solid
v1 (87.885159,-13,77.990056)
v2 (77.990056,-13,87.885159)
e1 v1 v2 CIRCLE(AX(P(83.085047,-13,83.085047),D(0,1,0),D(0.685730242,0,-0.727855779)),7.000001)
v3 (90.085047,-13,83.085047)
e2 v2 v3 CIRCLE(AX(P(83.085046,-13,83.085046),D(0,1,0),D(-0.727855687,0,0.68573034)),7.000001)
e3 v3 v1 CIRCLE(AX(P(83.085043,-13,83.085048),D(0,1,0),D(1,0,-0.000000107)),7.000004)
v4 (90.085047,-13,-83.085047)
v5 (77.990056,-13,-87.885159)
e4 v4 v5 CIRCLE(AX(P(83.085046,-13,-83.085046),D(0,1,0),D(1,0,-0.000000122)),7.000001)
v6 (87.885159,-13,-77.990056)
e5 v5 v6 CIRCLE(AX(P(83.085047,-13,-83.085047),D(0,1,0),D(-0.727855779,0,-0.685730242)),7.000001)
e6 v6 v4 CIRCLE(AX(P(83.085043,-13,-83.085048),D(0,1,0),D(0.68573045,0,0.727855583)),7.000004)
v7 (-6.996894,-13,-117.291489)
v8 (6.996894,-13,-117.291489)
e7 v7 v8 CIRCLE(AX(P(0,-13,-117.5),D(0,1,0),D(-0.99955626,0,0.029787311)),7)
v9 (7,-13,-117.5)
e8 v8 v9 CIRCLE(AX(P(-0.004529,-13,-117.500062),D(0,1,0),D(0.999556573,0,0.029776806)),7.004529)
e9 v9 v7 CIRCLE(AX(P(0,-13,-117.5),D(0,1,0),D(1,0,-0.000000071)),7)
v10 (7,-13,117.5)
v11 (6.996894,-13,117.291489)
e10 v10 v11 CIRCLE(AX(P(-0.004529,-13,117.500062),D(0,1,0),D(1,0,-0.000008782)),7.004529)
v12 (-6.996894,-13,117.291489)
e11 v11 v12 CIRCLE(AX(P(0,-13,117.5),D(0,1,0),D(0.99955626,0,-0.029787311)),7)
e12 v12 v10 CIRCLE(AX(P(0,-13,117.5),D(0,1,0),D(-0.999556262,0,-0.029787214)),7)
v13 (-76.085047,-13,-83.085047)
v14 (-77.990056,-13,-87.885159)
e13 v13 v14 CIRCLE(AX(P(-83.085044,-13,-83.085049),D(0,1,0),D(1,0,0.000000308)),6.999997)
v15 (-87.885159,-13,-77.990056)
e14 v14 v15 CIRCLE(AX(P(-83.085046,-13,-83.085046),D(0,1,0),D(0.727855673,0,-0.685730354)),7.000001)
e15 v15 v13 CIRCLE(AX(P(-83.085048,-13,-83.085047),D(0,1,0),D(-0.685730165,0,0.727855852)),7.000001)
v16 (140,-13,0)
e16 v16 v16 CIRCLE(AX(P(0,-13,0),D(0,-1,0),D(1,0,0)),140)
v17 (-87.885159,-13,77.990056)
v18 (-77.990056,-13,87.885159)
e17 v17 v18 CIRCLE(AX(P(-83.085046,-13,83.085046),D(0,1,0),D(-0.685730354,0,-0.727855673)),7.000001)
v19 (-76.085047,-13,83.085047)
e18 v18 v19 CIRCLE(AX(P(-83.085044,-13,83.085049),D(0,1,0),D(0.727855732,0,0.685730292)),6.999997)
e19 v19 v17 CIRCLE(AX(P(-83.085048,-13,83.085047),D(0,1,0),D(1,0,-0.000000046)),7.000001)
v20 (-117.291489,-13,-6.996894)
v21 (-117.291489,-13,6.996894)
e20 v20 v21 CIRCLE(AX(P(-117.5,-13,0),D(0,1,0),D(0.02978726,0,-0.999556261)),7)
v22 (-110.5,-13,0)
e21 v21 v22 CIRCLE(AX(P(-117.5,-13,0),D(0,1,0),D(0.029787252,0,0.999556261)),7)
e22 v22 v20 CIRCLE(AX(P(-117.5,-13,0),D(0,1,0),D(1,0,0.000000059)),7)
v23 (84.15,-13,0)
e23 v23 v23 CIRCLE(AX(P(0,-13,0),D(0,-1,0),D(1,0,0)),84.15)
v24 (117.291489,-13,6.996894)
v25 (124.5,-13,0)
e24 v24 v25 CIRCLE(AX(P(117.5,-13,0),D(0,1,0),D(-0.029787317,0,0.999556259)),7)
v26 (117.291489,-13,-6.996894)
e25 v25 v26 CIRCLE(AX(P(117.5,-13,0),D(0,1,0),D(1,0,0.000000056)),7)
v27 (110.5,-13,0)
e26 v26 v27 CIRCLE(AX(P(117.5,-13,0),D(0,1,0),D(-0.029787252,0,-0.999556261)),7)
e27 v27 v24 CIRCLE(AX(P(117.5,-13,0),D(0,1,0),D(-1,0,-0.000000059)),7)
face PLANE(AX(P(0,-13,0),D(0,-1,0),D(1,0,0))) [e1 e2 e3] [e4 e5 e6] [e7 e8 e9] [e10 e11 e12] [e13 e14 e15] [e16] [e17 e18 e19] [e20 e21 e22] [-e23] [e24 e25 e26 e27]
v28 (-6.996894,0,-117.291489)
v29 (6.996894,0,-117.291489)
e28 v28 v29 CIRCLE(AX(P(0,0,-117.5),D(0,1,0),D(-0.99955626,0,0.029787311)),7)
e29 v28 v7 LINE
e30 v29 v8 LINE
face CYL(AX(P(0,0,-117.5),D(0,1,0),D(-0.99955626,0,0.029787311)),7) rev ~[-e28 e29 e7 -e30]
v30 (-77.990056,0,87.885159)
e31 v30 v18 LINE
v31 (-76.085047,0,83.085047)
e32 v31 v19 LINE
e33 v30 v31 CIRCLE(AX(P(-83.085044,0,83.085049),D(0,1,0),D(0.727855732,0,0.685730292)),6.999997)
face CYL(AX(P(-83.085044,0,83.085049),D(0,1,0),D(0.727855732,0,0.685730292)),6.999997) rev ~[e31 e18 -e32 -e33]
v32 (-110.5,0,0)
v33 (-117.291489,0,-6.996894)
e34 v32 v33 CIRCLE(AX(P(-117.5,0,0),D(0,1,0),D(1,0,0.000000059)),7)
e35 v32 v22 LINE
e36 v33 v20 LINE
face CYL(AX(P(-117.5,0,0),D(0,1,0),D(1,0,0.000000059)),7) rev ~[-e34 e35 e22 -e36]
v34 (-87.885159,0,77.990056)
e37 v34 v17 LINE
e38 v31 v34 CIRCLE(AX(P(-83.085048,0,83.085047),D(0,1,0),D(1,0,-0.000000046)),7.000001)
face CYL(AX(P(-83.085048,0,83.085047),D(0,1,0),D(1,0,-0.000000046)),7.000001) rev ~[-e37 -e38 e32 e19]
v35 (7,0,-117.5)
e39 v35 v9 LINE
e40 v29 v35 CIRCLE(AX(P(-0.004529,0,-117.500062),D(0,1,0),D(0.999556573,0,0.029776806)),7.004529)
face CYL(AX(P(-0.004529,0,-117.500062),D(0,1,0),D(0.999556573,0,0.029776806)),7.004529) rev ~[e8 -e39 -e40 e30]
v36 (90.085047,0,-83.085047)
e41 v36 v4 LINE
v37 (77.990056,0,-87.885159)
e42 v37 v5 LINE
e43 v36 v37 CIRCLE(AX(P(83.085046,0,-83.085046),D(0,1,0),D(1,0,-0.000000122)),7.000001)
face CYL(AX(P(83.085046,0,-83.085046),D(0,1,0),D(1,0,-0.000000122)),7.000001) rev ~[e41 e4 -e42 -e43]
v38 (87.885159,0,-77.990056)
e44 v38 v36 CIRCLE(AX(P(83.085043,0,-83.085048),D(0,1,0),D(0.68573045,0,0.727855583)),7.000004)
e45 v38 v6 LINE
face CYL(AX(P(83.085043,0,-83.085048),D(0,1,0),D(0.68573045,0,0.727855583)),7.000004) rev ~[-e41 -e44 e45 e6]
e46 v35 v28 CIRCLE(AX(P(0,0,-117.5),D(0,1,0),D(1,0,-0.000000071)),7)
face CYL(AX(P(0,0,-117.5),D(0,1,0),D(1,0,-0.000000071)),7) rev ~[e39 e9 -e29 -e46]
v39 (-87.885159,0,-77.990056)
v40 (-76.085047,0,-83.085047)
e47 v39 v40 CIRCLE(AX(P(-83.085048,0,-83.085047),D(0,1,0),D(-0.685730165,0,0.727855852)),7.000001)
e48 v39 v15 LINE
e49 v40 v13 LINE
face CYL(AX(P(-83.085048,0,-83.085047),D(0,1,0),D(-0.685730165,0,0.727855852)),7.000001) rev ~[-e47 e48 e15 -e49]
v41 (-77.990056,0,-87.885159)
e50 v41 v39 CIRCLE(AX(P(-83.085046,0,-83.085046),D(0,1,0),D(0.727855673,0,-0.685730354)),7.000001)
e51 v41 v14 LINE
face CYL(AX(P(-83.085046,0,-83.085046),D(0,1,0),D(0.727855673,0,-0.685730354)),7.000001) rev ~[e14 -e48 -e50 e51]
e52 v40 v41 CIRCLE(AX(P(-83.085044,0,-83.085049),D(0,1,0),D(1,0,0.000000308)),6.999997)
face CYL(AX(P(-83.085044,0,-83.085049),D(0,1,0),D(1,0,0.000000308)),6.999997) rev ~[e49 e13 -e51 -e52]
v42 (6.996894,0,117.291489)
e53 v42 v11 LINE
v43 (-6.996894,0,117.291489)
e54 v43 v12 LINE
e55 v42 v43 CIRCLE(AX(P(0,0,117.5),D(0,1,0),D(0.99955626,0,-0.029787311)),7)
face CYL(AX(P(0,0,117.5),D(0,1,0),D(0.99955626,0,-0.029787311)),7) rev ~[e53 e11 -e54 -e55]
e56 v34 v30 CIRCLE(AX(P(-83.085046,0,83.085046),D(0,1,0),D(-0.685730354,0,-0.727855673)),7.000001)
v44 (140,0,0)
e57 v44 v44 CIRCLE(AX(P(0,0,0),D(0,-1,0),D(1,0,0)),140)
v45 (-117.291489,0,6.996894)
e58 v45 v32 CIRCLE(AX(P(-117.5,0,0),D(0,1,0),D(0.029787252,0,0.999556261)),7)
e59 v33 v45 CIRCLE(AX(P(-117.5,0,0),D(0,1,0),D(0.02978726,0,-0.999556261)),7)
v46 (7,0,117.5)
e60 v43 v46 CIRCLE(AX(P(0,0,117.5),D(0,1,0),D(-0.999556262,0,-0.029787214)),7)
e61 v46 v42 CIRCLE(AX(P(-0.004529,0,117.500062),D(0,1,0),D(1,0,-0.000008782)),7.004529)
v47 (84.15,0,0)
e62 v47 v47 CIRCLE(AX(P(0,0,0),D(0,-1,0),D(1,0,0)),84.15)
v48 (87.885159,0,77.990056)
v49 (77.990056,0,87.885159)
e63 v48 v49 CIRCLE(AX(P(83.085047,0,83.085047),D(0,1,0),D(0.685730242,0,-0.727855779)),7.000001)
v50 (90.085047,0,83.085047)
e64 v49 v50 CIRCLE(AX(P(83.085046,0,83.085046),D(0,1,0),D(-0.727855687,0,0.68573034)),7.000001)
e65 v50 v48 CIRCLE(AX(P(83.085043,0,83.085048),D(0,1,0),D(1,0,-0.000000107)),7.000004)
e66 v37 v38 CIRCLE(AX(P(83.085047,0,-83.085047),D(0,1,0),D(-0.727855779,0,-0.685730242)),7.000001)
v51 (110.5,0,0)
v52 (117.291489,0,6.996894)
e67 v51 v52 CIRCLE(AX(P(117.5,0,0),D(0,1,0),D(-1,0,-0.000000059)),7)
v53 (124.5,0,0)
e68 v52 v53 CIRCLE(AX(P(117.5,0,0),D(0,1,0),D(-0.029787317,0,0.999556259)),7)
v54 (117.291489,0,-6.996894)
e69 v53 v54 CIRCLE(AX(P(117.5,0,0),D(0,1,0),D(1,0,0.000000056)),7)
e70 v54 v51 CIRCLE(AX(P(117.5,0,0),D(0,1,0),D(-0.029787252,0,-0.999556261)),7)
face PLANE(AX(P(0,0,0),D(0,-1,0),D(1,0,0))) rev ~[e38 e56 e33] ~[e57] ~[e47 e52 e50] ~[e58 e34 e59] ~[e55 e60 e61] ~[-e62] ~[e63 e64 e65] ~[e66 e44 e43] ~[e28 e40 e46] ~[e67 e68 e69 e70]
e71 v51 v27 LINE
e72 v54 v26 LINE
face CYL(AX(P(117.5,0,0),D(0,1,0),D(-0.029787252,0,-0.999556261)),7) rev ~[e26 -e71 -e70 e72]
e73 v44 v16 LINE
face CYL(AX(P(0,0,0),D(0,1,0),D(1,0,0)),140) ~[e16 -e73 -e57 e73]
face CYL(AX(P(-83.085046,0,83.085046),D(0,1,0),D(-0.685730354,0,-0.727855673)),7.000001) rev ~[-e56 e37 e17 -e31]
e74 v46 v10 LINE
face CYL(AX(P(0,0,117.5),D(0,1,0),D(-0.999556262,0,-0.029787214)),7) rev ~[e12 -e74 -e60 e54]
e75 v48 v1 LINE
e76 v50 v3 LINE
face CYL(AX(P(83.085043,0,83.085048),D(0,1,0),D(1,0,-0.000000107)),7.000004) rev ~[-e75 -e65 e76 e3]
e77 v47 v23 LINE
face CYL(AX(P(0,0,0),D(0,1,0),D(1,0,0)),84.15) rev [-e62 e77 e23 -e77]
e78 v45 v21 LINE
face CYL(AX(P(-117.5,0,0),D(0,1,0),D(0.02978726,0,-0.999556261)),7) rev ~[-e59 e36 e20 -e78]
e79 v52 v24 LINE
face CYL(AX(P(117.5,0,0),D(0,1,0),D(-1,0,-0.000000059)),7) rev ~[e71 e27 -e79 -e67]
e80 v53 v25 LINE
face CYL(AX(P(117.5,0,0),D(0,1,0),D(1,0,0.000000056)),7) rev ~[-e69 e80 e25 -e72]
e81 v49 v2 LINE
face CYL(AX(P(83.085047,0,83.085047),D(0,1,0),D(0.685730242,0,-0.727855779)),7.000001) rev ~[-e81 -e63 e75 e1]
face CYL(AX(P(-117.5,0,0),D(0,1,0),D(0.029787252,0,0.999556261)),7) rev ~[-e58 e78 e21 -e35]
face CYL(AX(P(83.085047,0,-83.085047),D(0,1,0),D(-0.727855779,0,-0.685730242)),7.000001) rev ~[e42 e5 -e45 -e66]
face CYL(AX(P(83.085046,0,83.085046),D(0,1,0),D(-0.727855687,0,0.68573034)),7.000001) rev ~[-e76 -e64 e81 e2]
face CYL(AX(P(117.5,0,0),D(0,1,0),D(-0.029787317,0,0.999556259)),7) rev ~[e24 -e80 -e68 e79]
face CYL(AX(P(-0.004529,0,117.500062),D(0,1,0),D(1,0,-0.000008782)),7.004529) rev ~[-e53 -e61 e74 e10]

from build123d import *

# Parameters (mm, degrees)
F0_R     = 140
F0_R_2   = 84.15
F1_DEPTH = 13


with BuildPart() as f1:
    # F0 (on Front) → F1 (new body)
    with BuildSketch(Plane.XZ):
        Circle(F0_R)
        with BuildLine():
            ThreePointArc((117.291489, 6.996894), (122.375471, 5.022926), (124.5, 0))
            ThreePointArc((124.5, 0), (122.375471, -5.022926), (117.291489, -6.996894))
            ThreePointArc((117.291489, -6.996894), (108.555845, -44.965303), (87.885159, -77.990056))
            ThreePointArc((87.885159, -77.990056), (89.511585, -80.31023), (90.085047, -83.085047))
            ThreePointArc((90.085047, -83.085047), (85.667204, -89.591387), (77.990056, -87.885159))
            ThreePointArc((77.990056, -87.885159), (44.965303, -108.555845), (6.996894, -117.291489))
            ThreePointArc((6.996894, -117.291489), (6.999223, -117.395733), (7, -117.5))
            ThreePointArc((7, -117.5), (-0.104267, -124.499223), (-6.996894, -117.291489))
            ThreePointArc((-6.996894, -117.291489), (-44.965303, -108.555845), (-77.990056, -87.885159))
            ThreePointArc((-77.990056, -87.885159), (-88.034794, -88.034794), (-87.885159, -77.990056))
            ThreePointArc((-87.885159, -77.990056), (-108.555845, -44.965303), (-117.291489, -6.996894))
            ThreePointArc((-117.291489, -6.996894), (-124.5, 0), (-117.291489, 6.996894))
            ThreePointArc((-117.291489, 6.996894), (-108.555845, 44.965303), (-87.885159, 77.990056))
            ThreePointArc((-87.885159, 77.990056), (-88.034794, 88.034794), (-77.990056, 87.885159))
            ThreePointArc((-77.990056, 87.885159), (-44.965303, 108.555845), (-6.996894, 117.291489))
            ThreePointArc((-6.996894, 117.291489), (-0.104267, 124.499223), (7, 117.5))
            ThreePointArc((7, 117.5), (6.999223, 117.395733), (6.996894, 117.291489))
            ThreePointArc((6.996894, 117.291489), (44.965303, 108.555845), (77.990056, 87.885159))
            ThreePointArc((77.990056, 87.885159), (85.667204, 89.591387), (90.085047, 83.085047))
            ThreePointArc((90.085047, 83.085047), (89.511585, 80.31023), (87.885159, 77.990056))
            ThreePointArc((87.885159, 77.990056), (108.555845, 44.965303), (117.291489, 6.996894))
        make_face(mode=Mode.SUBTRACT)
        with BuildLine():
            ThreePointArc((110.5, 0), (112.477074, 4.875471), (117.291489, 6.996894))
            ThreePointArc((117.291489, 6.996894), (108.555845, 44.965303), (87.885159, 77.990056))
            ThreePointArc((87.885159, 77.990056), (78.135299, 78.135299), (77.990056, 87.885159))
            ThreePointArc((77.990056, 87.885159), (44.965303, 108.555845), (6.996894, 117.291489))
            ThreePointArc((6.996894, 117.291489), (0, 110.5), (-6.996894, 117.291489))
            ThreePointArc((-6.996894, 117.291489), (-44.965303, 108.555845), (-77.990056, 87.885159))
            ThreePointArc((-77.990056, 87.885159), (-76.578706, 85.667204), (-76.085047, 83.085047))
            ThreePointArc((-76.085047, 83.085047), (-80.31023, 76.658509), (-87.885159, 77.990056))
            ThreePointArc((-87.885159, 77.990056), (-108.555845, 44.965303), (-117.291489, 6.996894))
            ThreePointArc((-117.291489, 6.996894), (-112.477074, 4.875471), (-110.5, 0))
            ThreePointArc((-110.5, 0), (-112.477074, -4.875471), (-117.291489, -6.996894))
            ThreePointArc((-117.291489, -6.996894), (-108.555845, -44.965303), (-87.885159, -77.990056))
            ThreePointArc((-87.885159, -77.990056), (-80.31023, -76.658509), (-76.085047, -83.085047))
            ThreePointArc((-76.085047, -83.085047), (-76.578706, -85.667204), (-77.990056, -87.885159))
            ThreePointArc((-77.990056, -87.885159), (-44.965303, -108.555845), (-6.996894, -117.291489))
            ThreePointArc((-6.996894, -117.291489), (0, -110.5), (6.996894, -117.291489))
            ThreePointArc((6.996894, -117.291489), (44.965303, -108.555845), (77.990056, -87.885159))
            ThreePointArc((77.990056, -87.885159), (78.135299, -78.135299), (87.885159, -77.990056))
            ThreePointArc((87.885159, -77.990056), (108.555845, -44.965303), (117.291489, -6.996894))
            ThreePointArc((117.291489, -6.996894), (112.477074, -4.875471), (110.5, 0))
        make_face()
        Circle(F0_R_2, mode=Mode.SUBTRACT)
    extrude(amount=F1_DEPTH)


solid = f1.part
